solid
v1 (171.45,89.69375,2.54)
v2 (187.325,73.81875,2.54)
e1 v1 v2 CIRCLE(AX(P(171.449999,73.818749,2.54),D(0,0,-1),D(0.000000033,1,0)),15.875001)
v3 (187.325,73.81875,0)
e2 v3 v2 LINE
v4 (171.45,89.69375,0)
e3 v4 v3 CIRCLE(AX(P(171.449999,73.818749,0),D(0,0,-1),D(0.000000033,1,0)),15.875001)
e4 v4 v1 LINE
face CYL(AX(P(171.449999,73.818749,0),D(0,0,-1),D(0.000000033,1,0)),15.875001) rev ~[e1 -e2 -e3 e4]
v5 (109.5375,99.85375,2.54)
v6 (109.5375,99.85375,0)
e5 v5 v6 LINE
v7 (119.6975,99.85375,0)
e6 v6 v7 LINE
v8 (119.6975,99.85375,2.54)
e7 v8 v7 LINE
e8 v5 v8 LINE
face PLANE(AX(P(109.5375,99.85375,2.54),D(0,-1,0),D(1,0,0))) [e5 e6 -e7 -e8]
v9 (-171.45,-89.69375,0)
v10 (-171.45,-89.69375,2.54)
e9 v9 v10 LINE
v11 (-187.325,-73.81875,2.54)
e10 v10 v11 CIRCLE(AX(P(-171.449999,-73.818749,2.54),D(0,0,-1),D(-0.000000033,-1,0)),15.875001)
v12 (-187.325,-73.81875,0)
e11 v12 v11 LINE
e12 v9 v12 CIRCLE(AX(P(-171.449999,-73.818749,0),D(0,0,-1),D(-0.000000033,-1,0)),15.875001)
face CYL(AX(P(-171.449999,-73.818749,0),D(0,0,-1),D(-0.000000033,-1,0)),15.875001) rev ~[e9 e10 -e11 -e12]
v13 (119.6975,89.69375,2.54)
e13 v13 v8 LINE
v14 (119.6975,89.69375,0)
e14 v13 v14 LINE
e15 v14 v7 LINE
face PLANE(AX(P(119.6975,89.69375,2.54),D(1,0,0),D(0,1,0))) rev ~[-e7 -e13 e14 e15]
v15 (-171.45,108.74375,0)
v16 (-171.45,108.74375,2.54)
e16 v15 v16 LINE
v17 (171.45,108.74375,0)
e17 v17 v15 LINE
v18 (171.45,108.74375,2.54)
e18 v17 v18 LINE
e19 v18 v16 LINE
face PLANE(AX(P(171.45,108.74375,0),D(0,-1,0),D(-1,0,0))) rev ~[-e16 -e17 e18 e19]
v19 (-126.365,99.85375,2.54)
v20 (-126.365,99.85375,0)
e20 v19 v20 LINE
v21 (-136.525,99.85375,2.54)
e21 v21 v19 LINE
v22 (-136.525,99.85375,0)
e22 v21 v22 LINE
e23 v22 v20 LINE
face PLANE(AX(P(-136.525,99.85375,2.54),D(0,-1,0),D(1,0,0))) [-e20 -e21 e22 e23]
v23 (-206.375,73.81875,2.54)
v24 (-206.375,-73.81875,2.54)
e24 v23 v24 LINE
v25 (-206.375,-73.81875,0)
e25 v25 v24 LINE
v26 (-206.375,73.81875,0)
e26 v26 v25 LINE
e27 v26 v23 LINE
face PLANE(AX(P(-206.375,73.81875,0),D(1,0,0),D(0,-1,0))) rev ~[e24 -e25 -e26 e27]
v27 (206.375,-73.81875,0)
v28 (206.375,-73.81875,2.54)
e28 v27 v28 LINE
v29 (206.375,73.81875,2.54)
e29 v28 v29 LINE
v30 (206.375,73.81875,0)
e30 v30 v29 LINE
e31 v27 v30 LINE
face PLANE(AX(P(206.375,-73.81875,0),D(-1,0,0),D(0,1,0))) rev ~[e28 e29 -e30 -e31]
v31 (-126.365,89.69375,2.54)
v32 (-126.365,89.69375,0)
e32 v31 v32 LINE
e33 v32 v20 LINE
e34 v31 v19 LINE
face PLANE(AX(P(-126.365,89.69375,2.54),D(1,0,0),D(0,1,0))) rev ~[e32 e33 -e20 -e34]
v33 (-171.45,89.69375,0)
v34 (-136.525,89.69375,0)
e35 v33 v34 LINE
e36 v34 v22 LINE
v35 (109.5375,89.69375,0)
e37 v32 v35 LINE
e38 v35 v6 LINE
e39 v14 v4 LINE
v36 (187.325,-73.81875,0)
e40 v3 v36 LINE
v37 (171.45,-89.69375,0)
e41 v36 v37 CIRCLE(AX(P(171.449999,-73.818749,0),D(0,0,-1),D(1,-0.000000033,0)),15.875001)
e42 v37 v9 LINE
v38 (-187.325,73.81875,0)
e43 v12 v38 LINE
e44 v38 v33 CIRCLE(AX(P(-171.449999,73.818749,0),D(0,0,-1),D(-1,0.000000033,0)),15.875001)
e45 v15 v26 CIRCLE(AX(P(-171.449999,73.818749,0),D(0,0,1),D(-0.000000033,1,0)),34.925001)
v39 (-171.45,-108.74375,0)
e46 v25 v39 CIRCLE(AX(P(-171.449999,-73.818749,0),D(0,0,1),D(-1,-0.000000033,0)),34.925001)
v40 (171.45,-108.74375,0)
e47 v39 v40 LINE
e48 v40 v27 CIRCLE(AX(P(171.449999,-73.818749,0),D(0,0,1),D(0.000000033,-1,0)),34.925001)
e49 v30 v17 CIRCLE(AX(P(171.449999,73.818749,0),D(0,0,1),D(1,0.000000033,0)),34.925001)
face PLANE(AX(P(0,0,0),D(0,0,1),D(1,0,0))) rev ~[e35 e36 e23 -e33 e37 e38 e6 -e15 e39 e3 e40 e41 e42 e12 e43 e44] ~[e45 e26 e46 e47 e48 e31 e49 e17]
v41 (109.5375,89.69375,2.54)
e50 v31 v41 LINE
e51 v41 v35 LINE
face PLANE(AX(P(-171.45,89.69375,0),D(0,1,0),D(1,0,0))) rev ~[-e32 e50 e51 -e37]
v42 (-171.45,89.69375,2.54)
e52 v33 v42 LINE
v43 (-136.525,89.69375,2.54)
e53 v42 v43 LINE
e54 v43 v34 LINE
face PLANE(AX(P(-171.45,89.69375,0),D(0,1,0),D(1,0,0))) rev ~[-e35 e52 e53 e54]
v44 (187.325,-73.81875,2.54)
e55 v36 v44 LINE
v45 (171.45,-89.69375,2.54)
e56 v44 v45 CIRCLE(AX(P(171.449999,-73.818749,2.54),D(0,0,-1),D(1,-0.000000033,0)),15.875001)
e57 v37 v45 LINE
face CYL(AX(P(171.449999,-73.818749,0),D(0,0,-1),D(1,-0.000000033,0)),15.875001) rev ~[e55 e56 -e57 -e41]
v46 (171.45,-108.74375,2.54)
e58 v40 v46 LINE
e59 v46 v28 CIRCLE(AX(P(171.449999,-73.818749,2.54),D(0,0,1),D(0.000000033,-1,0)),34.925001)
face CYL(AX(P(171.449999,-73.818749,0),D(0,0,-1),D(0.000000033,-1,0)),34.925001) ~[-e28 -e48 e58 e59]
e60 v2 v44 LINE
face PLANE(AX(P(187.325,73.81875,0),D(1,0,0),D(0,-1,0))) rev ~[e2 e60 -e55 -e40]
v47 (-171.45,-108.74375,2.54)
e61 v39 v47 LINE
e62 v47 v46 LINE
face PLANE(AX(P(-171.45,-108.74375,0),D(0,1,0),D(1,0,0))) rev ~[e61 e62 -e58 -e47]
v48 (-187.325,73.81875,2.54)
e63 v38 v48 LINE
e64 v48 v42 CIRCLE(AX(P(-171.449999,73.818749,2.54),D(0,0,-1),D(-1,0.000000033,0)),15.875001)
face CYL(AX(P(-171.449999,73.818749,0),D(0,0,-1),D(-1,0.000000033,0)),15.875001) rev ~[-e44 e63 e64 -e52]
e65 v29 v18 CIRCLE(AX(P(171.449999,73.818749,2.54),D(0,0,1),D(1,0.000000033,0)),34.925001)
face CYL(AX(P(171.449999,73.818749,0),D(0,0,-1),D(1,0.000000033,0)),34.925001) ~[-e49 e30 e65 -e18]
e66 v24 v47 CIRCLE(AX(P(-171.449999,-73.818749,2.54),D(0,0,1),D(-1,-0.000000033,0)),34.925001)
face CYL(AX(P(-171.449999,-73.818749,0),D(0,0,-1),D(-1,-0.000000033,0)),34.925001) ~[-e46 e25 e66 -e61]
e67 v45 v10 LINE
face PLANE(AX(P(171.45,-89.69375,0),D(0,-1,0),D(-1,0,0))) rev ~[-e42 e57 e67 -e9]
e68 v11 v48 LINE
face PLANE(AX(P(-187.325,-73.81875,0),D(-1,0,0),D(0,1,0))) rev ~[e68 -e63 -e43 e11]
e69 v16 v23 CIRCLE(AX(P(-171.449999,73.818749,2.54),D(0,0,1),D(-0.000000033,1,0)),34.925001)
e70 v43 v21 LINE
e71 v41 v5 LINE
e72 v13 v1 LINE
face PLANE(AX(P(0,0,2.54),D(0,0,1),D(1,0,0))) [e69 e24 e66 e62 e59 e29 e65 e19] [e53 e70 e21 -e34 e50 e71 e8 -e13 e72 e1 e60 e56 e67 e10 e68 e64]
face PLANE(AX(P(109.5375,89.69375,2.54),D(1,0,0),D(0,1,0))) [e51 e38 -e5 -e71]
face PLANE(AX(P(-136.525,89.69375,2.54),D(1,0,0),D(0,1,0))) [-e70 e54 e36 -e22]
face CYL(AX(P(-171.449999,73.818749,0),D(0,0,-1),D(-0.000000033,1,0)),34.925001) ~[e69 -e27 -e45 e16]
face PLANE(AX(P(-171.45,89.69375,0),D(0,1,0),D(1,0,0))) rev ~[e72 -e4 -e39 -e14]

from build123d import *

# Parameters (mm, degrees)
F1_DEPTH = 2.54
F2_W     = 10.16
F2_H     = 10.16
F3_DEPTH = 2.54


with BuildPart() as f1:
    # F0 (on Top) → F1 (new body)
    with BuildSketch(Plane.XY):
        with BuildLine():
            Line((206.375, -73.81875), (206.375, 73.81875))
            ThreePointArc((206.375, 73.81875), (196.145704, 98.514454), (171.45, 108.74375))
            Line((171.45, 108.74375), (-171.45, 108.74375))
            ThreePointArc((-171.45, 108.74375), (-196.145704, 98.514454), (-206.375, 73.81875))
            Line((-206.375, 73.81875), (-206.375, -73.81875))
            ThreePointArc((-206.375, -73.81875), (-196.145704, -98.514454), (-171.45, -108.74375))
            Line((-171.45, -108.74375), (171.45, -108.74375))
            ThreePointArc((171.45, -108.74375), (196.145704, -98.514454), (206.375, -73.81875))
        make_face()
        with BuildLine():
            ThreePointArc((187.325, -73.81875), (182.67532, -85.04407), (171.45, -89.69375))
            Line((171.45, -89.69375), (-171.45, -89.69375))
            ThreePointArc((-171.45, -89.69375), (-182.67532, -85.04407), (-187.325, -73.81875))
            Line((-187.325, -73.81875), (-187.325, 73.81875))
            ThreePointArc((-187.325, 73.81875), (-182.67532, 85.04407), (-171.45, 89.69375))
            Line((-171.45, 89.69375), (171.45, 89.69375))
            ThreePointArc((171.45, 89.69375), (182.67532, 85.04407), (187.325, 73.81875))
            Line((187.325, 73.81875), (187.325, -73.81875))
        make_face(mode=Mode.SUBTRACT)
    extrude(amount=F1_DEPTH)

    # F2 (on face) → F3 (cut, through all)
    with BuildSketch(Plane.XY.offset(2.54)):
        with Locations((-131.445, 94.77375)):
            Rectangle(F2_W, F2_H)
        with Locations((114.6175, 94.77375)):
            Rectangle(F2_W, F2_H)
    extrude(amount=-F3_DEPTH, mode=Mode.SUBTRACT)


solid = f1.part
